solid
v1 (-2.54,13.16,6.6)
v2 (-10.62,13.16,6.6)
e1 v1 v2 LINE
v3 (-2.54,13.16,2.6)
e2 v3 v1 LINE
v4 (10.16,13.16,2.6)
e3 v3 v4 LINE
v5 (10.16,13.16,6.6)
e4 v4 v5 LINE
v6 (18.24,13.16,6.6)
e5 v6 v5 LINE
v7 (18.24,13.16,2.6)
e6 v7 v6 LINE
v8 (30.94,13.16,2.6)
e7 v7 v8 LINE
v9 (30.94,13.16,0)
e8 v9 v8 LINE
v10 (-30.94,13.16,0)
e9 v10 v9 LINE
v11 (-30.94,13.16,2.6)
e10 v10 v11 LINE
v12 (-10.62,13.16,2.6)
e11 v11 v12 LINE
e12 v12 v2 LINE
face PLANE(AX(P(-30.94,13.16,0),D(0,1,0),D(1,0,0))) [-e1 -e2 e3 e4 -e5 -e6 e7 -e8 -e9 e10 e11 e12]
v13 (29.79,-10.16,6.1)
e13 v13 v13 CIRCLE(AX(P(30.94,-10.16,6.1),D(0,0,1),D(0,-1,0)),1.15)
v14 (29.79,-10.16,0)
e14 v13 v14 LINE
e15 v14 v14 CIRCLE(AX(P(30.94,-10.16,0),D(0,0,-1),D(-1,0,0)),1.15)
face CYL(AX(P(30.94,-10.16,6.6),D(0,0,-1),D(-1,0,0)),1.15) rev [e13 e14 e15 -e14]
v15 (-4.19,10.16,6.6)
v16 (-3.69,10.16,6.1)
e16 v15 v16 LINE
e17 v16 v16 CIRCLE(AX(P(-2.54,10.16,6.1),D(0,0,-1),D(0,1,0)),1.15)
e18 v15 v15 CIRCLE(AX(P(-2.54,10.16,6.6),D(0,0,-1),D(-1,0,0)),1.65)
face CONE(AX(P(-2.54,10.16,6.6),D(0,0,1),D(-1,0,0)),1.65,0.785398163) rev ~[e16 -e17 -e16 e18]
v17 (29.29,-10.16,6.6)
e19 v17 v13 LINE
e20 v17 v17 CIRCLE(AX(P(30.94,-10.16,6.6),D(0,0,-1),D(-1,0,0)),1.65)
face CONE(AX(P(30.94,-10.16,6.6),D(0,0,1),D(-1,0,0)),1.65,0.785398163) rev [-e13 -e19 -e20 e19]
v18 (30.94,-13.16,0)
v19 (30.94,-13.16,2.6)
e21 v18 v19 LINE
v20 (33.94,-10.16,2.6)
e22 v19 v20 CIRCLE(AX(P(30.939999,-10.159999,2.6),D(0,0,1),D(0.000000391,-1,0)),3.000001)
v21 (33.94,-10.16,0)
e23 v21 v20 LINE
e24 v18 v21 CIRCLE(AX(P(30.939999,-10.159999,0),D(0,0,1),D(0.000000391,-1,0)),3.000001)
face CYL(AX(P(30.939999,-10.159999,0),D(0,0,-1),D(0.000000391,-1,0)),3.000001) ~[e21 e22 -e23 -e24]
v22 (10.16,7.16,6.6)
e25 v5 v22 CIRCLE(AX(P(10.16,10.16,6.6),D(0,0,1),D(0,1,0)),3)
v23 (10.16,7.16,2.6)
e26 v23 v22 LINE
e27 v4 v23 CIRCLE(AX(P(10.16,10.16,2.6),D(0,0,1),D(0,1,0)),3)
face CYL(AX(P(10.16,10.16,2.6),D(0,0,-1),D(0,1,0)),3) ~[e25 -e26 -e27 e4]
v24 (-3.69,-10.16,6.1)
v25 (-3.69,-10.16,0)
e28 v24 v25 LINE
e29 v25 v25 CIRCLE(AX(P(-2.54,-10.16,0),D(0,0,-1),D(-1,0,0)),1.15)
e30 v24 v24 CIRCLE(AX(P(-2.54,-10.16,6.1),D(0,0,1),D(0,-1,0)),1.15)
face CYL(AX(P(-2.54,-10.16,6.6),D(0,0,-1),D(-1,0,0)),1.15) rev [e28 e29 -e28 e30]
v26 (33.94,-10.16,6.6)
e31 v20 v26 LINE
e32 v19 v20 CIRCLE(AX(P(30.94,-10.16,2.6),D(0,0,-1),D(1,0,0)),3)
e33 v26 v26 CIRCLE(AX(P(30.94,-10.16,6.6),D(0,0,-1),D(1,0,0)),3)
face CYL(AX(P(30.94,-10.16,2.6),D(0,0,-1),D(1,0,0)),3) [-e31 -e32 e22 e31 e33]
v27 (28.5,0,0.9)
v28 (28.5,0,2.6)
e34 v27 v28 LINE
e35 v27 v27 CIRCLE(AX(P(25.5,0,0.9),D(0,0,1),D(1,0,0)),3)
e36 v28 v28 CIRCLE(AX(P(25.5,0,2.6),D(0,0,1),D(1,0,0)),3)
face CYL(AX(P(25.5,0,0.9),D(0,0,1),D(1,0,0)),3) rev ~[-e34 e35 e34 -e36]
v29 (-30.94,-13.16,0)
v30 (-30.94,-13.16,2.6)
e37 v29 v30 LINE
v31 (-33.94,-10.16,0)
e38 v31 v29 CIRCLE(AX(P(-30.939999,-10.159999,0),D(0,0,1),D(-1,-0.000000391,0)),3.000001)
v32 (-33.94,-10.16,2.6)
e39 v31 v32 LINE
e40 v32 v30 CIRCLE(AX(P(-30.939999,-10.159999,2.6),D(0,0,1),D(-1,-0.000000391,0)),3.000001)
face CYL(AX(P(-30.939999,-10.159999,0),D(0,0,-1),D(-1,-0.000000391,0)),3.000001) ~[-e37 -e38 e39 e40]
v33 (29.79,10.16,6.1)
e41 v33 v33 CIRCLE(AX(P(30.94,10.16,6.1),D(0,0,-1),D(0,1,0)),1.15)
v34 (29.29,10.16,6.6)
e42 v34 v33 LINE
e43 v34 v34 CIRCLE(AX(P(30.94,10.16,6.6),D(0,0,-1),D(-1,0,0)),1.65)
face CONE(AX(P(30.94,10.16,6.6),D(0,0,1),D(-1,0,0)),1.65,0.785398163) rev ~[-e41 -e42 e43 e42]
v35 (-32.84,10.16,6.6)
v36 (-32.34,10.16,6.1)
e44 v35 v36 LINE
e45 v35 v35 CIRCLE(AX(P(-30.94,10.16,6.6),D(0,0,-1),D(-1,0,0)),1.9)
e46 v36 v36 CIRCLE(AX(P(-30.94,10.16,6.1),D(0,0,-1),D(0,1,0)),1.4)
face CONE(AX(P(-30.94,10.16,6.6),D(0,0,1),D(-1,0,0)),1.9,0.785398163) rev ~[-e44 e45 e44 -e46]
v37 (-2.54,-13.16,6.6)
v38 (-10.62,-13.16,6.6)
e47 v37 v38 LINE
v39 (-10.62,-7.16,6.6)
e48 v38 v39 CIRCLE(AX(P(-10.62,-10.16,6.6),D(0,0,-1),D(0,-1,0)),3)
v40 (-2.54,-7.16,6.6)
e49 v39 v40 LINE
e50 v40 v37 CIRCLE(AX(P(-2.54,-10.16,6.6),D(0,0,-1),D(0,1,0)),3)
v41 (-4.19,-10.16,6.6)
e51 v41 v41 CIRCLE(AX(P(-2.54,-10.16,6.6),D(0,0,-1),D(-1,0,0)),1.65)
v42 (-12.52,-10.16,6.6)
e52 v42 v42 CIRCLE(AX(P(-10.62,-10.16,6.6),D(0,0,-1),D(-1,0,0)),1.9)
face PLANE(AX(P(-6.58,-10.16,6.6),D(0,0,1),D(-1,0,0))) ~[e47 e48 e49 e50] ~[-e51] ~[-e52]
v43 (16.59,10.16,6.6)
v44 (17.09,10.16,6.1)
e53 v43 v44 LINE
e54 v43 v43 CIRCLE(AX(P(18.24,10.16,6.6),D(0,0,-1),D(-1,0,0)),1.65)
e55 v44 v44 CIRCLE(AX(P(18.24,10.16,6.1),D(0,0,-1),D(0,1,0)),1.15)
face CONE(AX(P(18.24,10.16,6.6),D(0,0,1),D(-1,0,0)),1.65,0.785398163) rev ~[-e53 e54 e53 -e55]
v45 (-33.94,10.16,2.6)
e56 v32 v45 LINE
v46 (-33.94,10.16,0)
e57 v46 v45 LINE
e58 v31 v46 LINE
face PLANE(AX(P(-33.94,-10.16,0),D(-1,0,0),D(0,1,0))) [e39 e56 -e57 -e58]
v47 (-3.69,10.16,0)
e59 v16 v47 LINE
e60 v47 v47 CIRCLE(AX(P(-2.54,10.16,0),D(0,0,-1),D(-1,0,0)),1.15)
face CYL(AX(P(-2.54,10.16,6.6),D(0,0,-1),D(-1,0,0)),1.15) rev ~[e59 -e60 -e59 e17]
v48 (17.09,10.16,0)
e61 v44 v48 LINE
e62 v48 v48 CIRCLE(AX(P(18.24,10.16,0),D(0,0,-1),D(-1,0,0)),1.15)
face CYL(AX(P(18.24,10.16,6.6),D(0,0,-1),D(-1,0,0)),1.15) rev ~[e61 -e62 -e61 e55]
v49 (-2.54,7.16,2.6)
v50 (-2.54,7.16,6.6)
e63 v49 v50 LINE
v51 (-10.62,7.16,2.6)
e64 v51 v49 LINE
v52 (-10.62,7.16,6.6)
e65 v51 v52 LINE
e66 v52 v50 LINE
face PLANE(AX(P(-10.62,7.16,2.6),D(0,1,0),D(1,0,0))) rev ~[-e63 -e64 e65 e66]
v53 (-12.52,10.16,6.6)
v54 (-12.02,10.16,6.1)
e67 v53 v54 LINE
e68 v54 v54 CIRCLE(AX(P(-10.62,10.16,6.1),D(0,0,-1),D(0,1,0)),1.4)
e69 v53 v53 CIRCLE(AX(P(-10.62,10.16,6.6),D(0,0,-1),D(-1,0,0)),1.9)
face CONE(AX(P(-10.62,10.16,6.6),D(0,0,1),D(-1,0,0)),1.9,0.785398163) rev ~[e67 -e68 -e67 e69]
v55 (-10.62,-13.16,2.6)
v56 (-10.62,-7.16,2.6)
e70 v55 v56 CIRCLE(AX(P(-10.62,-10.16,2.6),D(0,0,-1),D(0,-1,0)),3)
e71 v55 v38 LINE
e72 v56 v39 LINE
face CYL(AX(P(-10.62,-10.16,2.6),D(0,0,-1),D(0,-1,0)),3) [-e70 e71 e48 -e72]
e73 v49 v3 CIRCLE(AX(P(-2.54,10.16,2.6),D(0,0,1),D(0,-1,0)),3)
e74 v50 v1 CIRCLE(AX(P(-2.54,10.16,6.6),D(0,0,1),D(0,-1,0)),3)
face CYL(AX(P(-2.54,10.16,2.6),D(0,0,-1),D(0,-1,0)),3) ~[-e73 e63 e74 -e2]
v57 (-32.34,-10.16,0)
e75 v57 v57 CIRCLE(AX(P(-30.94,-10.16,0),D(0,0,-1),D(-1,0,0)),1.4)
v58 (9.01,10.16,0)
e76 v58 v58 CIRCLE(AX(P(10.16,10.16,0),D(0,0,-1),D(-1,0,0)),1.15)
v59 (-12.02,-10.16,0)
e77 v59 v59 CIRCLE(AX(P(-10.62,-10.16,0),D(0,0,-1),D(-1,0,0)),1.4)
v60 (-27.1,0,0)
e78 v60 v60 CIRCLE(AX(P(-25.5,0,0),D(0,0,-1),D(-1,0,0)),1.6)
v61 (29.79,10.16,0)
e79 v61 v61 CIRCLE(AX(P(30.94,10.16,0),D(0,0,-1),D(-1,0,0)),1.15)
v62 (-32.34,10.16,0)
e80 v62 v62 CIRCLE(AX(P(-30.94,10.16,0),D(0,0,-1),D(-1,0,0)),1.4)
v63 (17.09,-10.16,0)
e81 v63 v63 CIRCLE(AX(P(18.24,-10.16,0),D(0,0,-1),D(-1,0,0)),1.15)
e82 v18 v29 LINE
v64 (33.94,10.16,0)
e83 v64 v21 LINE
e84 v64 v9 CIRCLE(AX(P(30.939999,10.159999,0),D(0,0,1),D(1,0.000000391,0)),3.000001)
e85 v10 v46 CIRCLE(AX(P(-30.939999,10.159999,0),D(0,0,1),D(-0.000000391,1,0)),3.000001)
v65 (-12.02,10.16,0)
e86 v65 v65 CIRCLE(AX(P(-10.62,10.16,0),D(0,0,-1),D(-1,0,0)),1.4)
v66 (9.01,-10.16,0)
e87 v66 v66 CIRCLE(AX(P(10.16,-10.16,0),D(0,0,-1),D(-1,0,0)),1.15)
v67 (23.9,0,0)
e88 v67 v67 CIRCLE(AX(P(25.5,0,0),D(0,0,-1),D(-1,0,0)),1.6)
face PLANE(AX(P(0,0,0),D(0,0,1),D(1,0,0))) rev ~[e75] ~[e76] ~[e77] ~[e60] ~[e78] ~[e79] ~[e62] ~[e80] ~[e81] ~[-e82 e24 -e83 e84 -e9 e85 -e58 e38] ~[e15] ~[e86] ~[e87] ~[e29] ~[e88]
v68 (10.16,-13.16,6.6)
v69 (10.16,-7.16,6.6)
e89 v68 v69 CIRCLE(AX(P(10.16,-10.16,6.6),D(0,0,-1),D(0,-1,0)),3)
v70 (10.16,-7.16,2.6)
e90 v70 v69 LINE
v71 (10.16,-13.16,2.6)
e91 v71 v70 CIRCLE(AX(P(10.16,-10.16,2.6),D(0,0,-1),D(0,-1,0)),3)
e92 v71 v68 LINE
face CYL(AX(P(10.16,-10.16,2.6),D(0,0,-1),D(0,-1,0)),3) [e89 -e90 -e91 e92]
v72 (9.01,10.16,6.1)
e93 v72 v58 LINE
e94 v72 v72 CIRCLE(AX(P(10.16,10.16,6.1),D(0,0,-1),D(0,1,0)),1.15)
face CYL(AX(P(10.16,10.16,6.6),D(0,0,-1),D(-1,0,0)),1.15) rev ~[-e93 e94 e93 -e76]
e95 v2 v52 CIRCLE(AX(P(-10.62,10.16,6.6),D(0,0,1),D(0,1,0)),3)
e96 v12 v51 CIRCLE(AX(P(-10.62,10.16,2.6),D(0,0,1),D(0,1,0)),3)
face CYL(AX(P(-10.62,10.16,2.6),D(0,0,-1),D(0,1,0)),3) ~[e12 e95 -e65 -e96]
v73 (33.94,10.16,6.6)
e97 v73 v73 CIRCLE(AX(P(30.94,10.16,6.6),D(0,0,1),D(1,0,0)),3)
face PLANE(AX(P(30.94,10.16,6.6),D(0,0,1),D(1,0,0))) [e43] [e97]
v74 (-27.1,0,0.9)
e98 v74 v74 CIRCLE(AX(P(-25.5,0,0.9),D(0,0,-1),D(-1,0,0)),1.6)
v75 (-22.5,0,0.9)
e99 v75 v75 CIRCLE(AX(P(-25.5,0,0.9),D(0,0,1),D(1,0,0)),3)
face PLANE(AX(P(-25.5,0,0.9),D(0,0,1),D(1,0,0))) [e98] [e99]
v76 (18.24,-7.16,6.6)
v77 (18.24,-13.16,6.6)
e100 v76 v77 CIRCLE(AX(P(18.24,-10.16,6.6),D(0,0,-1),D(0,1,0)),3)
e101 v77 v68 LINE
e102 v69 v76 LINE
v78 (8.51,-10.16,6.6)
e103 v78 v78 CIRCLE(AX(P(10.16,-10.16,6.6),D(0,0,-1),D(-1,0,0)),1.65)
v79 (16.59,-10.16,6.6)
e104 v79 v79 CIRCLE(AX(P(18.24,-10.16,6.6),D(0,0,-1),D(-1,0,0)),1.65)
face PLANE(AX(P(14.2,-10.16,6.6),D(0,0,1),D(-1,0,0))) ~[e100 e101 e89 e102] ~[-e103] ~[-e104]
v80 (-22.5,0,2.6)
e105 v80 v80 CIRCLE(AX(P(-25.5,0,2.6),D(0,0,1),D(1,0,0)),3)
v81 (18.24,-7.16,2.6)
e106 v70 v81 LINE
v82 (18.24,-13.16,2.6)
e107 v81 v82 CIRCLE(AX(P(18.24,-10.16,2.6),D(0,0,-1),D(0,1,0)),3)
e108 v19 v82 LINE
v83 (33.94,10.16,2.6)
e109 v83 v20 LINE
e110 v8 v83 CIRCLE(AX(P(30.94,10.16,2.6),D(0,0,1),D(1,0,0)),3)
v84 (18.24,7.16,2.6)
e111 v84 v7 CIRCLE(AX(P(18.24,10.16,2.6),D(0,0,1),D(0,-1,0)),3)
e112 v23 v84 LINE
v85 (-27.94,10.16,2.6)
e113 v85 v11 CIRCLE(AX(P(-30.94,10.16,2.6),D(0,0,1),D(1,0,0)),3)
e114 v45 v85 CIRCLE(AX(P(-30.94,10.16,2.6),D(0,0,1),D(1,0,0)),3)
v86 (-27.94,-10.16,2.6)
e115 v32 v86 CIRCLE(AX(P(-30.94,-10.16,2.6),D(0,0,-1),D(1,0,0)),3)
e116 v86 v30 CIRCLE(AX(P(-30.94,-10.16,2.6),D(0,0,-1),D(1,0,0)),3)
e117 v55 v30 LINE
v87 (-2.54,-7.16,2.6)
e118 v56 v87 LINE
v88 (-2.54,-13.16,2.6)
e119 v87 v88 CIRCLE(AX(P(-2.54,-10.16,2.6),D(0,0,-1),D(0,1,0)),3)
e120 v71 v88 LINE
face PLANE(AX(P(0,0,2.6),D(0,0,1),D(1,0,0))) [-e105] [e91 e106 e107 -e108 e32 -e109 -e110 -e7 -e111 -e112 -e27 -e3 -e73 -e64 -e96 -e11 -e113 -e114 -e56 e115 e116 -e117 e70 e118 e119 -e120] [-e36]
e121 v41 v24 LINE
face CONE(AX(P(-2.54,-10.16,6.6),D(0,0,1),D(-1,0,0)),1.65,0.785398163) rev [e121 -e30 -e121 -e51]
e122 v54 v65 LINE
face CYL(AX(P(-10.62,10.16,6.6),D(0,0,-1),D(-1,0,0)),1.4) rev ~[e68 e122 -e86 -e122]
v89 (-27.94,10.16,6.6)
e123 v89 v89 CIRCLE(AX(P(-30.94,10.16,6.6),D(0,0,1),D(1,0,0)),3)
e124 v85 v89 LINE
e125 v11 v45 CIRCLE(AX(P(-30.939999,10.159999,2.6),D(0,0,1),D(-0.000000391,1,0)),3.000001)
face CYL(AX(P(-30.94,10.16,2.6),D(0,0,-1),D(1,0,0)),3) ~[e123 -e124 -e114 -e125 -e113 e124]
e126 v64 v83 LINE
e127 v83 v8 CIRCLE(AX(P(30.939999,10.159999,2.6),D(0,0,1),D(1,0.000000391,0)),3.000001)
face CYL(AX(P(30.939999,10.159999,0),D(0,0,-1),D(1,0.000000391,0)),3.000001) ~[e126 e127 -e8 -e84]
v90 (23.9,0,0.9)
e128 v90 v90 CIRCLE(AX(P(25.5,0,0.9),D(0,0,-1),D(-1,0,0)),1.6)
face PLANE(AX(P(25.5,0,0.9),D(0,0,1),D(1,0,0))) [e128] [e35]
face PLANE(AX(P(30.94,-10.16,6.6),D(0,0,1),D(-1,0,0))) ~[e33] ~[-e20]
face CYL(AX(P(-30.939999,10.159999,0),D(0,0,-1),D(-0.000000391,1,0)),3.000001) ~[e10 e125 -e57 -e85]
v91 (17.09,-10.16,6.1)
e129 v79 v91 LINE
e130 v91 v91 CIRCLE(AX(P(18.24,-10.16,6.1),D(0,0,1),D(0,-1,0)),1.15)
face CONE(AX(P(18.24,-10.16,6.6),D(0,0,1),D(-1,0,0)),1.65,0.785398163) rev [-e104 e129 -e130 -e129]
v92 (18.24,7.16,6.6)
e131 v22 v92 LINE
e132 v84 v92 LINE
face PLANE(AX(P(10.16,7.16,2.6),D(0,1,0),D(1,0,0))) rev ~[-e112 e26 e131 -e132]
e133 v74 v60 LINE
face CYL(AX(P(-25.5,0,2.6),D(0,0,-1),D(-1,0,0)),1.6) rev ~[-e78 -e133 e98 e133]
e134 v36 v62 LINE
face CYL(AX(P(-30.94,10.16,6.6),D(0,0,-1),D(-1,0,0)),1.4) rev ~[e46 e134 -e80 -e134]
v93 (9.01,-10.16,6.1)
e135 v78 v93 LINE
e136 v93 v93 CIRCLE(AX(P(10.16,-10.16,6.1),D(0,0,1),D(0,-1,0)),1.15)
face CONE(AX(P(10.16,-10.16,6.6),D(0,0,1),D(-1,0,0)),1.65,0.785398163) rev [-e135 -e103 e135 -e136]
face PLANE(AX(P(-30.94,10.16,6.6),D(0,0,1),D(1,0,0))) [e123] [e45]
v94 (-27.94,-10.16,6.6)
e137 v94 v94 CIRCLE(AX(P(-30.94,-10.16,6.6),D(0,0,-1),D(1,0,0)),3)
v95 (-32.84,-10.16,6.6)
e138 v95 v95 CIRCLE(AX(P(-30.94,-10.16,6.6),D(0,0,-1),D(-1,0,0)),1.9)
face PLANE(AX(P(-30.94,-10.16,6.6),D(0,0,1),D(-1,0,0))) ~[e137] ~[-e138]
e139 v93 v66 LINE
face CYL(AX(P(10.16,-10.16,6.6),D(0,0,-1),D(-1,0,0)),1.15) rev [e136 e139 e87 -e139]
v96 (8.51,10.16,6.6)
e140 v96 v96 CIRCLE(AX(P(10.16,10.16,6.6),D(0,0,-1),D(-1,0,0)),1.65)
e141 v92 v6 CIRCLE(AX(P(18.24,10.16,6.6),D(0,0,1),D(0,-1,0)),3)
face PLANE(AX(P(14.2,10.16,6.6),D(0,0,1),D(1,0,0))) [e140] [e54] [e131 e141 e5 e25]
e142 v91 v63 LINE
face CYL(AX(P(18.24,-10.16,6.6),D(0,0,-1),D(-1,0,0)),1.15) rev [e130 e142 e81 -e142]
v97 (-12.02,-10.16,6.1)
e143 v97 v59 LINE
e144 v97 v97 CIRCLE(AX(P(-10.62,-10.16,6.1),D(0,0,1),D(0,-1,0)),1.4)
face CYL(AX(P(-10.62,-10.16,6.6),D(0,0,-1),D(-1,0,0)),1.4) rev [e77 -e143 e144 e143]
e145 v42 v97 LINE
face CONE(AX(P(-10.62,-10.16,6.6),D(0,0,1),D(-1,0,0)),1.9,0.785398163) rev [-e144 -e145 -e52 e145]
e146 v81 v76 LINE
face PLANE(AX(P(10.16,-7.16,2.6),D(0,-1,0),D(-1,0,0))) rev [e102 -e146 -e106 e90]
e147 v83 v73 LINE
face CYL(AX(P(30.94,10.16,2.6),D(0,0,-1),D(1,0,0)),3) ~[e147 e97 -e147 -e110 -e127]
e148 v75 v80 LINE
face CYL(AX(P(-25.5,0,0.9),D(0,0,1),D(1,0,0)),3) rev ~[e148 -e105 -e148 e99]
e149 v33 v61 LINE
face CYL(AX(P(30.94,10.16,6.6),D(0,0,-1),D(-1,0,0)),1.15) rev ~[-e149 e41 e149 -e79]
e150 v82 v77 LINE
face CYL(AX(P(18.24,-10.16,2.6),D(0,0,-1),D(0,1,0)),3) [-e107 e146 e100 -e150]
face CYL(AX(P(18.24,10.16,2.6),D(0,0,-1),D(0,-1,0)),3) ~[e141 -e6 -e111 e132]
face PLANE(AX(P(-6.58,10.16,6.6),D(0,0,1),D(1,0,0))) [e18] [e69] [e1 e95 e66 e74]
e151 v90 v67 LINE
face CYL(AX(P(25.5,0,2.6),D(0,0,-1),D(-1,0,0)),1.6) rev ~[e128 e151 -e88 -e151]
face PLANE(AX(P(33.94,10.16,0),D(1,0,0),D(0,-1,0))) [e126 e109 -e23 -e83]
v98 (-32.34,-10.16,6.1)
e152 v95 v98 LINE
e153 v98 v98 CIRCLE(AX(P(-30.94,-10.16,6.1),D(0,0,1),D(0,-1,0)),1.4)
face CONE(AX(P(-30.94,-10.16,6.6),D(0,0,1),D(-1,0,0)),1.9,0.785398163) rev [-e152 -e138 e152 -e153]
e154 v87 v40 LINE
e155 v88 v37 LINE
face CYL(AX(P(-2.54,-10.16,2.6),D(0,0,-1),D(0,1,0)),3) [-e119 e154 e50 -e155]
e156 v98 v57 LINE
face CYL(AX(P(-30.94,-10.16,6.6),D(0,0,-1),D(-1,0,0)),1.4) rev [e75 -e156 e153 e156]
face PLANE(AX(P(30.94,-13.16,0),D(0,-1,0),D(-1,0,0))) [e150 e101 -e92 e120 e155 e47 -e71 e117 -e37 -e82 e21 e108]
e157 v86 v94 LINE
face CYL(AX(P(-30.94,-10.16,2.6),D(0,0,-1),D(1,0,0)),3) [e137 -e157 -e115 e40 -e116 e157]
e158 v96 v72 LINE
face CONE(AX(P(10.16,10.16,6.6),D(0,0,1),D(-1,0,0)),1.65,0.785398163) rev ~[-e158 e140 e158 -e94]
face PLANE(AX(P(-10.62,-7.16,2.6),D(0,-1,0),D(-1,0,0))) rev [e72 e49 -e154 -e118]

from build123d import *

# Parameters (mm, degrees)
SKETCH008_R         = 0.5
PAD004_DEPTH        = 2.6
SKETCH009_R         = 3
SKETCH009_R_2       = 0.5
PAD005_DEPTH        = 4
HOLE004_D           = 2.8
HOLE004_CSINK_D     = 3.8
HOLE004_CSINK_ANGLE = 90
HOLE005_D           = 2.3
HOLE005_CSINK_D     = 3.3
HOLE005_CSINK_ANGLE = 90
HOLE006_D           = 3.2
HOLE006_CBORE_D     = 6
HOLE006_CBORE_DEPTH = 1.7


with BuildPart() as part:
    # Sketch008 → Pad004 (new body)
    with BuildSketch(Plane.XY):
        with BuildLine():
            ThreePointArc((-30.94, 13.16), (-33.06132, 12.28132), (-33.94, 10.16))
            Line((-33.94, -10.16), (-33.94, 10.16))
            ThreePointArc((-33.94, -10.16), (-33.06132, -12.28132), (-30.94, -13.16))
            Line((30.94, -13.16), (-30.94, -13.16))
            ThreePointArc((30.94, -13.16), (33.06132, -12.28132), (33.94, -10.16))
            Line((33.94, 10.16), (33.94, -10.16))
            ThreePointArc((33.94, 10.16), (33.06132, 12.28132), (30.94, 13.16))
            Line((-30.94, 13.16), (30.94, 13.16))
        make_face()
        with Locations((-30.94, 10.16)):
            Circle(SKETCH008_R, mode=Mode.SUBTRACT)
        with Locations((-10.62, 10.16)):
            Circle(SKETCH008_R, mode=Mode.SUBTRACT)
        with Locations((-2.54, 10.16)):
            Circle(SKETCH008_R, mode=Mode.SUBTRACT)
        with Locations((10.16, 10.16)):
            Circle(SKETCH008_R, mode=Mode.SUBTRACT)
        with Locations((18.24, 10.16)):
            Circle(SKETCH008_R, mode=Mode.SUBTRACT)
        with Locations((30.94, 10.16)):
            Circle(SKETCH008_R, mode=Mode.SUBTRACT)
        with Locations((-30.94, -10.16)):
            Circle(SKETCH008_R, mode=Mode.SUBTRACT)
        with Locations((-10.62, -10.16)):
            Circle(SKETCH008_R, mode=Mode.SUBTRACT)
        with Locations((-2.54, -10.16)):
            Circle(SKETCH008_R, mode=Mode.SUBTRACT)
        with Locations((10.16, -10.16)):
            Circle(SKETCH008_R, mode=Mode.SUBTRACT)
        with Locations((18.24, -10.16)):
            Circle(SKETCH008_R, mode=Mode.SUBTRACT)
        with Locations((30.94, -10.16)):
            Circle(SKETCH008_R, mode=Mode.SUBTRACT)
    extrude(amount=PAD004_DEPTH)

    # Sketch009 (on Face22 of Pad004) → Pad005 (join)
    with BuildSketch(Plane.XY.offset(2.6)):
        with Locations((-30.94, 10.16)):
            Circle(SKETCH009_R)
        with Locations((-30.94, 10.16)):
            Circle(SKETCH009_R_2, mode=Mode.SUBTRACT)
        with Locations((30.94, 10.16)):
            Circle(SKETCH009_R)
        with Locations((30.94, 10.16)):
            Circle(SKETCH009_R_2, mode=Mode.SUBTRACT)
        with BuildLine():
            ThreePointArc((-10.62, 13.16), (-13.62, 10.16), (-10.62, 7.16))
            Line((-10.62, 7.16), (-2.54, 7.16))
            ThreePointArc((-2.54, 7.16), (0.46, 10.16), (-2.54, 13.16))
            Line((-2.54, 13.16), (-10.62, 13.16))
        make_face()
        with Locations((-10.62, 10.16)):
            Circle(SKETCH009_R_2, mode=Mode.SUBTRACT)
        with Locations((-2.54, 10.16)):
            Circle(SKETCH009_R_2, mode=Mode.SUBTRACT)
        with BuildLine():
            ThreePointArc((10.16, 13.16), (7.16, 10.16), (10.16, 7.16))
            Line((10.16, 7.16), (18.24, 7.16))
            ThreePointArc((18.24, 7.16), (21.24, 10.16), (18.24, 13.16))
            Line((18.24, 13.16), (10.16, 13.16))
        make_face()
        with Locations((10.16, 10.16)):
            Circle(SKETCH009_R_2, mode=Mode.SUBTRACT)
        with Locations((18.24, 10.16)):
            Circle(SKETCH009_R_2, mode=Mode.SUBTRACT)
    pad005 = extrude(amount=PAD005_DEPTH)

    # Hole004 (through all)
    with Locations(Plane.XY.offset(6.6)):
        with Locations((-30.94, 10.16), (-10.62, 10.16)):
            hole004 = CounterSinkHole(HOLE004_D / 2, HOLE004_CSINK_D / 2, counter_sink_angle=HOLE004_CSINK_ANGLE)

    # Hole005 (through all)
    with Locations(Plane.XY.offset(6.6)):
        with Locations((-2.54, 10.16), (10.16, 10.16), (18.24, 10.16), (30.94, 10.16)):
            hole005 = CounterSinkHole(HOLE005_D / 2, HOLE005_CSINK_D / 2, counter_sink_angle=HOLE005_CSINK_ANGLE)

    # Mirrored004: Pad005, Hole004, Hole005 across Sketch009 H_Axis
    add(pad005.mirror(Plane(origin=(0, 0, 2.6), x_dir=(0, 0, 1), z_dir=(0, 1, 0))))
    add(hole004.mirror(Plane(origin=(0, 0, 2.6), x_dir=(0, 0, 1), z_dir=(0, 1, 0))), mode=Mode.SUBTRACT)
    add(hole005.mirror(Plane(origin=(0, 0, 2.6), x_dir=(0, 0, 1), z_dir=(0, 1, 0))), mode=Mode.SUBTRACT)

    # Hole006 (through all)
    with Locations(Plane.XY.offset(2.6)):
        with Locations((-25.5, 0), (25.5, 0)):
            CounterBoreHole(HOLE006_D / 2, HOLE006_CBORE_D / 2, HOLE006_CBORE_DEPTH)


solid = part.part
